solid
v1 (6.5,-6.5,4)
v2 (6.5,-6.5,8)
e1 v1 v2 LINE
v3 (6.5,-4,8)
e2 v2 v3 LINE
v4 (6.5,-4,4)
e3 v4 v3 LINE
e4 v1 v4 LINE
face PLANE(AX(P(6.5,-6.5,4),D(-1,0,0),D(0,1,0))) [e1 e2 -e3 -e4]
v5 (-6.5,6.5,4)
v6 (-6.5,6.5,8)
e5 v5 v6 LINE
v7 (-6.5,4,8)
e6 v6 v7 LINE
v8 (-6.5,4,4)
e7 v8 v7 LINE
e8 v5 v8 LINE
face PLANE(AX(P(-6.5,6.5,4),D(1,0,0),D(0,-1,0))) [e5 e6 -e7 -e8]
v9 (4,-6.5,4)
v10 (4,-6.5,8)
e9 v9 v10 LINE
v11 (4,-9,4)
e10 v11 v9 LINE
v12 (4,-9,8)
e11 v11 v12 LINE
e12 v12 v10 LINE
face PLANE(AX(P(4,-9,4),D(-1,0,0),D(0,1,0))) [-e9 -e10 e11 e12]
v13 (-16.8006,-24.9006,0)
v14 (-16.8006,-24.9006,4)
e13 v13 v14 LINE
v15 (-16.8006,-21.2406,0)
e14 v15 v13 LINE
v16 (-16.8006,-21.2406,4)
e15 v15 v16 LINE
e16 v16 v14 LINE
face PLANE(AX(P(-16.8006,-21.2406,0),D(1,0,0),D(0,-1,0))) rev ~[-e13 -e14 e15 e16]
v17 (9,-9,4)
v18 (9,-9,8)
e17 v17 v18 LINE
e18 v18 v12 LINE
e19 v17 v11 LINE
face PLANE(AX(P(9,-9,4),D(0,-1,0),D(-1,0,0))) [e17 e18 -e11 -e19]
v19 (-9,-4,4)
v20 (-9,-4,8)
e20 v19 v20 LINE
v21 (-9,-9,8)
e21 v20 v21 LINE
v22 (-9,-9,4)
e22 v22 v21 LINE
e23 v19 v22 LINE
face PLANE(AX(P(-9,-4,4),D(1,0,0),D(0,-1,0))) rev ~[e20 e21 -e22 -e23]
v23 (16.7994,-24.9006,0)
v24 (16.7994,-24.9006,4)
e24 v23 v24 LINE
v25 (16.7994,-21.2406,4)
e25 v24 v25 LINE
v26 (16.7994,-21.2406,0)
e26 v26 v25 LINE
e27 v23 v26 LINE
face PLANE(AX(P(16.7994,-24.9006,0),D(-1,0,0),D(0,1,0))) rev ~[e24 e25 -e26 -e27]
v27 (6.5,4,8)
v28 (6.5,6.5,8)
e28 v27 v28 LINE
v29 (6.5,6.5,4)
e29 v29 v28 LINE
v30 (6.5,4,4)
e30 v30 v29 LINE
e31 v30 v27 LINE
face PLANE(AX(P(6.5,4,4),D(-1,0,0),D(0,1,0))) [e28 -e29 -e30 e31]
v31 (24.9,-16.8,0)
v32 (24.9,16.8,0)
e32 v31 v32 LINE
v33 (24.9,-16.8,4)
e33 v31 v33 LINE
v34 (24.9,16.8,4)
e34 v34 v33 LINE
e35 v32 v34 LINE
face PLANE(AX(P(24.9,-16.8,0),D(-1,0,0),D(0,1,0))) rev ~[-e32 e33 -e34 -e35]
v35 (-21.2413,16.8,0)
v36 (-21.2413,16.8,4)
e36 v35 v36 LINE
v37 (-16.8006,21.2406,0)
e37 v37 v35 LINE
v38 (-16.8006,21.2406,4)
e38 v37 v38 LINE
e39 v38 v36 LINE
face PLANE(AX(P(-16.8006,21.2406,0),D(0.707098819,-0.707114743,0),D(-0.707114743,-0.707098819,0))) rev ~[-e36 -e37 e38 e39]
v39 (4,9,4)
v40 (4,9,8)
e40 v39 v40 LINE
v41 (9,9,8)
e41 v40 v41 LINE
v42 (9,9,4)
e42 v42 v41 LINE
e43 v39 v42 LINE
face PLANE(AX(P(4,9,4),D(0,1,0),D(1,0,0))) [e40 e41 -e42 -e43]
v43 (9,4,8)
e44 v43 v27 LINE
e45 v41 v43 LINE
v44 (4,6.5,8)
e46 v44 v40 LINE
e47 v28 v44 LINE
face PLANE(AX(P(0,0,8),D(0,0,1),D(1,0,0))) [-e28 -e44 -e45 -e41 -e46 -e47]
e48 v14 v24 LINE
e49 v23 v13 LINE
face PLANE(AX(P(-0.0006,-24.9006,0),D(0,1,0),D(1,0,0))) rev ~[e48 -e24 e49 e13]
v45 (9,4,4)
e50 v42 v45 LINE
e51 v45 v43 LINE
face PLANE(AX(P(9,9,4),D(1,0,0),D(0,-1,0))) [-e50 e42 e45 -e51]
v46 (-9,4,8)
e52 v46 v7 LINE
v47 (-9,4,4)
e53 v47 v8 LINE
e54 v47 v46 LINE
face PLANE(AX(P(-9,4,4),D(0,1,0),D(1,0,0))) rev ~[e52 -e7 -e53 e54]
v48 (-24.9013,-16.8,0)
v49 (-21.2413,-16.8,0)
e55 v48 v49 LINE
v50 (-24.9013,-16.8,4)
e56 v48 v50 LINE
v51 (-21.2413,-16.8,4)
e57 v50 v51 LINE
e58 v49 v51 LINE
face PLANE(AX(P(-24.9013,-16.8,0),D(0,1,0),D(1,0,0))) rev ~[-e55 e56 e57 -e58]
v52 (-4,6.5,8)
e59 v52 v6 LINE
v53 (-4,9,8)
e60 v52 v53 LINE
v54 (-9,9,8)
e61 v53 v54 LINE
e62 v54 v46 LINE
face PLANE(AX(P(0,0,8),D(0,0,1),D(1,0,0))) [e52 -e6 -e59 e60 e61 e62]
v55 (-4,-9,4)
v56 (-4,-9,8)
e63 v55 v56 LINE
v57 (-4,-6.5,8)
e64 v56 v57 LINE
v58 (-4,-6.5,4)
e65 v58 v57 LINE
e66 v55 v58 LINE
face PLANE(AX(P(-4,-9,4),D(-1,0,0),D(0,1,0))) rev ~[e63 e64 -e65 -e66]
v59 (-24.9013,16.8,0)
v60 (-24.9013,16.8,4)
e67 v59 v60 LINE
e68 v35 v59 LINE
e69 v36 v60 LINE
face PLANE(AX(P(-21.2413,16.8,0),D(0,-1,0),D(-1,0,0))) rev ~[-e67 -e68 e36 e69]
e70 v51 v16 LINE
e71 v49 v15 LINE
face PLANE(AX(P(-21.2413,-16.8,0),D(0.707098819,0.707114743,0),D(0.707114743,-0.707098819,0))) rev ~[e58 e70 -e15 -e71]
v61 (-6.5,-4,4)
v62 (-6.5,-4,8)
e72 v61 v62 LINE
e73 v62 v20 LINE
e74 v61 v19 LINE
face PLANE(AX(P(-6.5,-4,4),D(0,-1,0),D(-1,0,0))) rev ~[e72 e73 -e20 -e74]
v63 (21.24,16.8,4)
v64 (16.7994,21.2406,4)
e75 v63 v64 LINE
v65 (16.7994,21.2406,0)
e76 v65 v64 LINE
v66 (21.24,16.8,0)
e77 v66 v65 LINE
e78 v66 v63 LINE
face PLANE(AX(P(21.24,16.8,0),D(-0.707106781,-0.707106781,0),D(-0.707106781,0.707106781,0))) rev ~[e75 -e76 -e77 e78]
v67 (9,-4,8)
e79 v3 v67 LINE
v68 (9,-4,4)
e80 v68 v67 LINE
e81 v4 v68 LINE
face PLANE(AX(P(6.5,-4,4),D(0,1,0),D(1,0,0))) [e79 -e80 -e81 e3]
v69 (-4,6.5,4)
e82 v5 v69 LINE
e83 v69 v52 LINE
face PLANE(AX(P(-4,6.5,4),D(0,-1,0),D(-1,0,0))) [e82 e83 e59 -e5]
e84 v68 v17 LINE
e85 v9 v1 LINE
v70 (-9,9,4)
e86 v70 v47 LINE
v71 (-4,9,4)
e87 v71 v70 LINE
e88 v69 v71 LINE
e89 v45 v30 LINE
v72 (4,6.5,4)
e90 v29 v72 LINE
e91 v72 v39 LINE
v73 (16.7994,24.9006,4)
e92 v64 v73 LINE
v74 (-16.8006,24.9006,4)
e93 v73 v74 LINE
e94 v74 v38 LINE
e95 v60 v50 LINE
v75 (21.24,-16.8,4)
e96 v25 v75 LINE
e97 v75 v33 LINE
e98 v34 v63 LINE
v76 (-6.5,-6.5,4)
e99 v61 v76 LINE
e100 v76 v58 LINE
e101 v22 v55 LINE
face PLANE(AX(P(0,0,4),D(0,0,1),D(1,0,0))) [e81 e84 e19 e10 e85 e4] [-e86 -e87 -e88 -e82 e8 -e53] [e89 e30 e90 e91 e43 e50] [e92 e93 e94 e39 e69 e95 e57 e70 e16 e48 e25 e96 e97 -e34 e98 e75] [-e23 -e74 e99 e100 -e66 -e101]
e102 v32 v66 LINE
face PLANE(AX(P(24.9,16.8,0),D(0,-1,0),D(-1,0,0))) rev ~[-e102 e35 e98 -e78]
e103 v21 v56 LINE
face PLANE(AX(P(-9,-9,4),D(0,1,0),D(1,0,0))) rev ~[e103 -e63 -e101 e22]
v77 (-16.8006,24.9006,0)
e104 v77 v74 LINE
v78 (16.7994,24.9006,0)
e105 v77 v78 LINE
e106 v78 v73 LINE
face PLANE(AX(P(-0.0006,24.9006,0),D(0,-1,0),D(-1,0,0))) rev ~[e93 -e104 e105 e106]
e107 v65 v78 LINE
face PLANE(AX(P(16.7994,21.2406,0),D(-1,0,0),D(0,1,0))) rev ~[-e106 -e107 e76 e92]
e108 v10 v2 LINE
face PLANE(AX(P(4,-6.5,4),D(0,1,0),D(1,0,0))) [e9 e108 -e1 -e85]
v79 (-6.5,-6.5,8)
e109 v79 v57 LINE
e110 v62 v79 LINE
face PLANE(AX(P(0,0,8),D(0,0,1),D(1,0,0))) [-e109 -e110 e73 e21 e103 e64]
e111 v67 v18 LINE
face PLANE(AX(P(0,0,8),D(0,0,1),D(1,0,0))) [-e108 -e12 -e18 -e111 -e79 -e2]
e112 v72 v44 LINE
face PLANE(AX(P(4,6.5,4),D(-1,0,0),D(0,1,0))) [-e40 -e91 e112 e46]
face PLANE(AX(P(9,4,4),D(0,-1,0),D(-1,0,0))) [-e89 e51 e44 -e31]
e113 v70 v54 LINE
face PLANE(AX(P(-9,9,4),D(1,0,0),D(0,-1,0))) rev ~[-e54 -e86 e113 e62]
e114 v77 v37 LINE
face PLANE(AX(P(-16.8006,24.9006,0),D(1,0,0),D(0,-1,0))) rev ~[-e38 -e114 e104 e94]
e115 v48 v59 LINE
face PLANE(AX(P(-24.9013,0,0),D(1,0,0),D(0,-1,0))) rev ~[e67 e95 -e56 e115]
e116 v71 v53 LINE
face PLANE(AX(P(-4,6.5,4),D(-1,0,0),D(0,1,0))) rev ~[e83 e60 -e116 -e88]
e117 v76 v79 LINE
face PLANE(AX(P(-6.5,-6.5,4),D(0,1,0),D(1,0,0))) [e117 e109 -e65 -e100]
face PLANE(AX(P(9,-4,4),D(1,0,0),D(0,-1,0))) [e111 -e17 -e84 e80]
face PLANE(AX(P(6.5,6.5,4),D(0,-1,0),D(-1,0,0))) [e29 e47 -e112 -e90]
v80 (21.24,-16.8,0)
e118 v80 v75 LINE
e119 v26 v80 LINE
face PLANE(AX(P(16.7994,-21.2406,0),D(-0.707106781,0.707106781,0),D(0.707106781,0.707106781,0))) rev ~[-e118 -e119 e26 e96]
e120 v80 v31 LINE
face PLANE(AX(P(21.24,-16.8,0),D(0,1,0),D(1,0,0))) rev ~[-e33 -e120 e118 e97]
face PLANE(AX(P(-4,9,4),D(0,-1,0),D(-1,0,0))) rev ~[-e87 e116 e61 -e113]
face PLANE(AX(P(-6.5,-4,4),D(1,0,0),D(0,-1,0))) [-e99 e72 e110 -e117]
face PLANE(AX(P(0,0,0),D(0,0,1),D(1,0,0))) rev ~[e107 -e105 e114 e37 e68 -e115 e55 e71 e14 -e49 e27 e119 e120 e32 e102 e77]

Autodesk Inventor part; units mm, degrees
ref_plane "YZ Plane" through (0, 0, 0) normal (1, 0, 0) x (0, 1, 0)
ref_plane "XZ Plane" through (0, 0, 0) normal (0, 1, 0) x (-1, 0, 0)
ref_plane "XY Plane" through (0, 0, 0) normal (0, 0, 1) x (1, 0, 0)
sketch "草图1" plane through (0, 0, 0) normal (0, 0, 1) x (1, 0, 0)
  line L0 (24.9, 0) -> (24.9, 16.8)
  line L1 (24.9, 16.8) -> (21.24, 16.8)
  line L2 (21.24, 16.8) -> (16.7994, 21.2406)
  line L3 (16.7994, 21.2406) -> (16.7994, 24.9006)
  line L4 (16.7994, 24.9006) -> (-0.0006, 24.9006)
  line L5 (-0.0006, 24.9006) -> (-16.8006, 24.9006)
  line L6 (-16.8006, 24.9006) -> (-16.8006, 21.2406)
  line L7 (-16.8006, 21.2406) -> (-21.2413, 16.8)
  line L8 (-21.2413, 16.8) -> (-24.9013, 16.8)
  line L9 (-24.9013, 16.8) -> (-24.9013, 0)
  line L10 (-24.9013, 0) -> (-24.9013, -16.8)
  line L11 (-24.9013, -16.8) -> (-21.2413, -16.8)
  line L12 (-21.2413, -16.8) -> (-16.8006, -21.2406)
  line L13 (-16.8006, -21.2406) -> (-16.8006, -24.9006)
  line L14 (-16.8006, -24.9006) -> (-0.0006, -24.9006)
  line L15 (-0.0006, -24.9006) -> (16.7994, -24.9006)
  line L16 (16.7994, -24.9006) -> (16.7994, -21.2406)
  line L17 (16.7994, -21.2406) -> (21.24, -16.8)
  line L18 (21.24, -16.8) -> (24.9, -16.8)
  line L19 (24.9, -16.8) -> (24.9, 0)
  point P0 (0, 0)
extrude "拉伸1" add sketch "草图1" along normal blind 4
sketch "草图2" plane through (0, 0, 4) normal (0, 0, 1) x (1, 0, 0)
  line L0 (-6.5, -6.5) -> (6.5, -6.5)
  line L1 (6.5, -6.5) -> (6.5, 6.5)
  line L2 (6.5, 6.5) -> (-6.5, 6.5)
  line L3 (-6.5, 6.5) -> (-6.5, -6.5)
  line L4 (-6.5, -6.5) -> (6.5, 6.5) construction
  line L5 (6.5, -6.5) -> (-6.5, 6.5) construction
  line L6 (-6.5, -6.5) -> (6.5, -6.5) construction
  line L7 (-6.5, 6.5) -> (-4.5, 6.5)
  line L8 (-9, 4) -> (-4, 4)
  line L9 (-4, 4) -> (-4, 9)
  line L10 (-4, 9) -> (-9, 9)
  line L11 (-9, 9) -> (-9, 4)
  line L12 (-9, 4) -> (-4, 9) construction
  line L13 (-4, 4) -> (-9, 9) construction
  line L14 (9, 4) -> (4, 4)
  line L15 (4, 4) -> (4, 9)
  line L16 (4, 9) -> (9, 9)
  line L17 (9, 9) -> (9, 4)
  line L18 (9, 4) -> (4, 9) construction
  line L19 (4, 4) -> (9, 9) construction
  line L20 (-9, -9) -> (-4, -9)
  line L21 (-4, -9) -> (-4, -4)
  line L22 (-4, -4) -> (-9, -4)
  line L23 (-9, -4) -> (-9, -9)
  line L24 (-9, -9) -> (-4, -4) construction
  line L25 (-4, -9) -> (-9, -4) construction
  line L26 (4, -4) -> (9, -4)
  line L27 (9, -4) -> (9, -9)
  line L28 (9, -9) -> (4, -9)
  line L29 (4, -9) -> (4, -4)
  line L30 (4, -4) -> (9, -9) construction
  line L31 (9, -4) -> (4, -9) construction
  point P0 (0, 0)
  point P1 (-4, -6.5)
  point P2 (-6.5, -4)
  point P3 (6.5, -4)
  point P4 (4, -6.5)
  point P5 (4, 6.5)
  point P6 (6.5, 4)
  point P7 (-6.5, 4)
  point P8 (-4, 6.5)
extrude "拉伸2" add sketch "草图2" along normal blind 4 contours L0 L21 L20 L23 L22 L3 | L0 L1 L26 L27 L28 L29 | L8 L11 L10 L9 L2 L3 | L1 L2 L15 L16 L17 L14
equation "\"BendRadius\" = Thickness"
equation "\"BendReliefWidth\" = Thickness"
equation "\"BendReliefDepth\" = 0.5 * Thickness"
equation "\"CornerReliefSize\" = 4 * Thickness"
equation "\"MinimumRemnant\" = 2 * Thickness"
equation "\"TransitionRadius\" = BendRadius"
equation "\"JacobiRadiusSize\" = BendRadius"
equation "\"GapSize\" = Thickness"
equation "\"Thickness\" = 0.5"
properties part number "样品池"
